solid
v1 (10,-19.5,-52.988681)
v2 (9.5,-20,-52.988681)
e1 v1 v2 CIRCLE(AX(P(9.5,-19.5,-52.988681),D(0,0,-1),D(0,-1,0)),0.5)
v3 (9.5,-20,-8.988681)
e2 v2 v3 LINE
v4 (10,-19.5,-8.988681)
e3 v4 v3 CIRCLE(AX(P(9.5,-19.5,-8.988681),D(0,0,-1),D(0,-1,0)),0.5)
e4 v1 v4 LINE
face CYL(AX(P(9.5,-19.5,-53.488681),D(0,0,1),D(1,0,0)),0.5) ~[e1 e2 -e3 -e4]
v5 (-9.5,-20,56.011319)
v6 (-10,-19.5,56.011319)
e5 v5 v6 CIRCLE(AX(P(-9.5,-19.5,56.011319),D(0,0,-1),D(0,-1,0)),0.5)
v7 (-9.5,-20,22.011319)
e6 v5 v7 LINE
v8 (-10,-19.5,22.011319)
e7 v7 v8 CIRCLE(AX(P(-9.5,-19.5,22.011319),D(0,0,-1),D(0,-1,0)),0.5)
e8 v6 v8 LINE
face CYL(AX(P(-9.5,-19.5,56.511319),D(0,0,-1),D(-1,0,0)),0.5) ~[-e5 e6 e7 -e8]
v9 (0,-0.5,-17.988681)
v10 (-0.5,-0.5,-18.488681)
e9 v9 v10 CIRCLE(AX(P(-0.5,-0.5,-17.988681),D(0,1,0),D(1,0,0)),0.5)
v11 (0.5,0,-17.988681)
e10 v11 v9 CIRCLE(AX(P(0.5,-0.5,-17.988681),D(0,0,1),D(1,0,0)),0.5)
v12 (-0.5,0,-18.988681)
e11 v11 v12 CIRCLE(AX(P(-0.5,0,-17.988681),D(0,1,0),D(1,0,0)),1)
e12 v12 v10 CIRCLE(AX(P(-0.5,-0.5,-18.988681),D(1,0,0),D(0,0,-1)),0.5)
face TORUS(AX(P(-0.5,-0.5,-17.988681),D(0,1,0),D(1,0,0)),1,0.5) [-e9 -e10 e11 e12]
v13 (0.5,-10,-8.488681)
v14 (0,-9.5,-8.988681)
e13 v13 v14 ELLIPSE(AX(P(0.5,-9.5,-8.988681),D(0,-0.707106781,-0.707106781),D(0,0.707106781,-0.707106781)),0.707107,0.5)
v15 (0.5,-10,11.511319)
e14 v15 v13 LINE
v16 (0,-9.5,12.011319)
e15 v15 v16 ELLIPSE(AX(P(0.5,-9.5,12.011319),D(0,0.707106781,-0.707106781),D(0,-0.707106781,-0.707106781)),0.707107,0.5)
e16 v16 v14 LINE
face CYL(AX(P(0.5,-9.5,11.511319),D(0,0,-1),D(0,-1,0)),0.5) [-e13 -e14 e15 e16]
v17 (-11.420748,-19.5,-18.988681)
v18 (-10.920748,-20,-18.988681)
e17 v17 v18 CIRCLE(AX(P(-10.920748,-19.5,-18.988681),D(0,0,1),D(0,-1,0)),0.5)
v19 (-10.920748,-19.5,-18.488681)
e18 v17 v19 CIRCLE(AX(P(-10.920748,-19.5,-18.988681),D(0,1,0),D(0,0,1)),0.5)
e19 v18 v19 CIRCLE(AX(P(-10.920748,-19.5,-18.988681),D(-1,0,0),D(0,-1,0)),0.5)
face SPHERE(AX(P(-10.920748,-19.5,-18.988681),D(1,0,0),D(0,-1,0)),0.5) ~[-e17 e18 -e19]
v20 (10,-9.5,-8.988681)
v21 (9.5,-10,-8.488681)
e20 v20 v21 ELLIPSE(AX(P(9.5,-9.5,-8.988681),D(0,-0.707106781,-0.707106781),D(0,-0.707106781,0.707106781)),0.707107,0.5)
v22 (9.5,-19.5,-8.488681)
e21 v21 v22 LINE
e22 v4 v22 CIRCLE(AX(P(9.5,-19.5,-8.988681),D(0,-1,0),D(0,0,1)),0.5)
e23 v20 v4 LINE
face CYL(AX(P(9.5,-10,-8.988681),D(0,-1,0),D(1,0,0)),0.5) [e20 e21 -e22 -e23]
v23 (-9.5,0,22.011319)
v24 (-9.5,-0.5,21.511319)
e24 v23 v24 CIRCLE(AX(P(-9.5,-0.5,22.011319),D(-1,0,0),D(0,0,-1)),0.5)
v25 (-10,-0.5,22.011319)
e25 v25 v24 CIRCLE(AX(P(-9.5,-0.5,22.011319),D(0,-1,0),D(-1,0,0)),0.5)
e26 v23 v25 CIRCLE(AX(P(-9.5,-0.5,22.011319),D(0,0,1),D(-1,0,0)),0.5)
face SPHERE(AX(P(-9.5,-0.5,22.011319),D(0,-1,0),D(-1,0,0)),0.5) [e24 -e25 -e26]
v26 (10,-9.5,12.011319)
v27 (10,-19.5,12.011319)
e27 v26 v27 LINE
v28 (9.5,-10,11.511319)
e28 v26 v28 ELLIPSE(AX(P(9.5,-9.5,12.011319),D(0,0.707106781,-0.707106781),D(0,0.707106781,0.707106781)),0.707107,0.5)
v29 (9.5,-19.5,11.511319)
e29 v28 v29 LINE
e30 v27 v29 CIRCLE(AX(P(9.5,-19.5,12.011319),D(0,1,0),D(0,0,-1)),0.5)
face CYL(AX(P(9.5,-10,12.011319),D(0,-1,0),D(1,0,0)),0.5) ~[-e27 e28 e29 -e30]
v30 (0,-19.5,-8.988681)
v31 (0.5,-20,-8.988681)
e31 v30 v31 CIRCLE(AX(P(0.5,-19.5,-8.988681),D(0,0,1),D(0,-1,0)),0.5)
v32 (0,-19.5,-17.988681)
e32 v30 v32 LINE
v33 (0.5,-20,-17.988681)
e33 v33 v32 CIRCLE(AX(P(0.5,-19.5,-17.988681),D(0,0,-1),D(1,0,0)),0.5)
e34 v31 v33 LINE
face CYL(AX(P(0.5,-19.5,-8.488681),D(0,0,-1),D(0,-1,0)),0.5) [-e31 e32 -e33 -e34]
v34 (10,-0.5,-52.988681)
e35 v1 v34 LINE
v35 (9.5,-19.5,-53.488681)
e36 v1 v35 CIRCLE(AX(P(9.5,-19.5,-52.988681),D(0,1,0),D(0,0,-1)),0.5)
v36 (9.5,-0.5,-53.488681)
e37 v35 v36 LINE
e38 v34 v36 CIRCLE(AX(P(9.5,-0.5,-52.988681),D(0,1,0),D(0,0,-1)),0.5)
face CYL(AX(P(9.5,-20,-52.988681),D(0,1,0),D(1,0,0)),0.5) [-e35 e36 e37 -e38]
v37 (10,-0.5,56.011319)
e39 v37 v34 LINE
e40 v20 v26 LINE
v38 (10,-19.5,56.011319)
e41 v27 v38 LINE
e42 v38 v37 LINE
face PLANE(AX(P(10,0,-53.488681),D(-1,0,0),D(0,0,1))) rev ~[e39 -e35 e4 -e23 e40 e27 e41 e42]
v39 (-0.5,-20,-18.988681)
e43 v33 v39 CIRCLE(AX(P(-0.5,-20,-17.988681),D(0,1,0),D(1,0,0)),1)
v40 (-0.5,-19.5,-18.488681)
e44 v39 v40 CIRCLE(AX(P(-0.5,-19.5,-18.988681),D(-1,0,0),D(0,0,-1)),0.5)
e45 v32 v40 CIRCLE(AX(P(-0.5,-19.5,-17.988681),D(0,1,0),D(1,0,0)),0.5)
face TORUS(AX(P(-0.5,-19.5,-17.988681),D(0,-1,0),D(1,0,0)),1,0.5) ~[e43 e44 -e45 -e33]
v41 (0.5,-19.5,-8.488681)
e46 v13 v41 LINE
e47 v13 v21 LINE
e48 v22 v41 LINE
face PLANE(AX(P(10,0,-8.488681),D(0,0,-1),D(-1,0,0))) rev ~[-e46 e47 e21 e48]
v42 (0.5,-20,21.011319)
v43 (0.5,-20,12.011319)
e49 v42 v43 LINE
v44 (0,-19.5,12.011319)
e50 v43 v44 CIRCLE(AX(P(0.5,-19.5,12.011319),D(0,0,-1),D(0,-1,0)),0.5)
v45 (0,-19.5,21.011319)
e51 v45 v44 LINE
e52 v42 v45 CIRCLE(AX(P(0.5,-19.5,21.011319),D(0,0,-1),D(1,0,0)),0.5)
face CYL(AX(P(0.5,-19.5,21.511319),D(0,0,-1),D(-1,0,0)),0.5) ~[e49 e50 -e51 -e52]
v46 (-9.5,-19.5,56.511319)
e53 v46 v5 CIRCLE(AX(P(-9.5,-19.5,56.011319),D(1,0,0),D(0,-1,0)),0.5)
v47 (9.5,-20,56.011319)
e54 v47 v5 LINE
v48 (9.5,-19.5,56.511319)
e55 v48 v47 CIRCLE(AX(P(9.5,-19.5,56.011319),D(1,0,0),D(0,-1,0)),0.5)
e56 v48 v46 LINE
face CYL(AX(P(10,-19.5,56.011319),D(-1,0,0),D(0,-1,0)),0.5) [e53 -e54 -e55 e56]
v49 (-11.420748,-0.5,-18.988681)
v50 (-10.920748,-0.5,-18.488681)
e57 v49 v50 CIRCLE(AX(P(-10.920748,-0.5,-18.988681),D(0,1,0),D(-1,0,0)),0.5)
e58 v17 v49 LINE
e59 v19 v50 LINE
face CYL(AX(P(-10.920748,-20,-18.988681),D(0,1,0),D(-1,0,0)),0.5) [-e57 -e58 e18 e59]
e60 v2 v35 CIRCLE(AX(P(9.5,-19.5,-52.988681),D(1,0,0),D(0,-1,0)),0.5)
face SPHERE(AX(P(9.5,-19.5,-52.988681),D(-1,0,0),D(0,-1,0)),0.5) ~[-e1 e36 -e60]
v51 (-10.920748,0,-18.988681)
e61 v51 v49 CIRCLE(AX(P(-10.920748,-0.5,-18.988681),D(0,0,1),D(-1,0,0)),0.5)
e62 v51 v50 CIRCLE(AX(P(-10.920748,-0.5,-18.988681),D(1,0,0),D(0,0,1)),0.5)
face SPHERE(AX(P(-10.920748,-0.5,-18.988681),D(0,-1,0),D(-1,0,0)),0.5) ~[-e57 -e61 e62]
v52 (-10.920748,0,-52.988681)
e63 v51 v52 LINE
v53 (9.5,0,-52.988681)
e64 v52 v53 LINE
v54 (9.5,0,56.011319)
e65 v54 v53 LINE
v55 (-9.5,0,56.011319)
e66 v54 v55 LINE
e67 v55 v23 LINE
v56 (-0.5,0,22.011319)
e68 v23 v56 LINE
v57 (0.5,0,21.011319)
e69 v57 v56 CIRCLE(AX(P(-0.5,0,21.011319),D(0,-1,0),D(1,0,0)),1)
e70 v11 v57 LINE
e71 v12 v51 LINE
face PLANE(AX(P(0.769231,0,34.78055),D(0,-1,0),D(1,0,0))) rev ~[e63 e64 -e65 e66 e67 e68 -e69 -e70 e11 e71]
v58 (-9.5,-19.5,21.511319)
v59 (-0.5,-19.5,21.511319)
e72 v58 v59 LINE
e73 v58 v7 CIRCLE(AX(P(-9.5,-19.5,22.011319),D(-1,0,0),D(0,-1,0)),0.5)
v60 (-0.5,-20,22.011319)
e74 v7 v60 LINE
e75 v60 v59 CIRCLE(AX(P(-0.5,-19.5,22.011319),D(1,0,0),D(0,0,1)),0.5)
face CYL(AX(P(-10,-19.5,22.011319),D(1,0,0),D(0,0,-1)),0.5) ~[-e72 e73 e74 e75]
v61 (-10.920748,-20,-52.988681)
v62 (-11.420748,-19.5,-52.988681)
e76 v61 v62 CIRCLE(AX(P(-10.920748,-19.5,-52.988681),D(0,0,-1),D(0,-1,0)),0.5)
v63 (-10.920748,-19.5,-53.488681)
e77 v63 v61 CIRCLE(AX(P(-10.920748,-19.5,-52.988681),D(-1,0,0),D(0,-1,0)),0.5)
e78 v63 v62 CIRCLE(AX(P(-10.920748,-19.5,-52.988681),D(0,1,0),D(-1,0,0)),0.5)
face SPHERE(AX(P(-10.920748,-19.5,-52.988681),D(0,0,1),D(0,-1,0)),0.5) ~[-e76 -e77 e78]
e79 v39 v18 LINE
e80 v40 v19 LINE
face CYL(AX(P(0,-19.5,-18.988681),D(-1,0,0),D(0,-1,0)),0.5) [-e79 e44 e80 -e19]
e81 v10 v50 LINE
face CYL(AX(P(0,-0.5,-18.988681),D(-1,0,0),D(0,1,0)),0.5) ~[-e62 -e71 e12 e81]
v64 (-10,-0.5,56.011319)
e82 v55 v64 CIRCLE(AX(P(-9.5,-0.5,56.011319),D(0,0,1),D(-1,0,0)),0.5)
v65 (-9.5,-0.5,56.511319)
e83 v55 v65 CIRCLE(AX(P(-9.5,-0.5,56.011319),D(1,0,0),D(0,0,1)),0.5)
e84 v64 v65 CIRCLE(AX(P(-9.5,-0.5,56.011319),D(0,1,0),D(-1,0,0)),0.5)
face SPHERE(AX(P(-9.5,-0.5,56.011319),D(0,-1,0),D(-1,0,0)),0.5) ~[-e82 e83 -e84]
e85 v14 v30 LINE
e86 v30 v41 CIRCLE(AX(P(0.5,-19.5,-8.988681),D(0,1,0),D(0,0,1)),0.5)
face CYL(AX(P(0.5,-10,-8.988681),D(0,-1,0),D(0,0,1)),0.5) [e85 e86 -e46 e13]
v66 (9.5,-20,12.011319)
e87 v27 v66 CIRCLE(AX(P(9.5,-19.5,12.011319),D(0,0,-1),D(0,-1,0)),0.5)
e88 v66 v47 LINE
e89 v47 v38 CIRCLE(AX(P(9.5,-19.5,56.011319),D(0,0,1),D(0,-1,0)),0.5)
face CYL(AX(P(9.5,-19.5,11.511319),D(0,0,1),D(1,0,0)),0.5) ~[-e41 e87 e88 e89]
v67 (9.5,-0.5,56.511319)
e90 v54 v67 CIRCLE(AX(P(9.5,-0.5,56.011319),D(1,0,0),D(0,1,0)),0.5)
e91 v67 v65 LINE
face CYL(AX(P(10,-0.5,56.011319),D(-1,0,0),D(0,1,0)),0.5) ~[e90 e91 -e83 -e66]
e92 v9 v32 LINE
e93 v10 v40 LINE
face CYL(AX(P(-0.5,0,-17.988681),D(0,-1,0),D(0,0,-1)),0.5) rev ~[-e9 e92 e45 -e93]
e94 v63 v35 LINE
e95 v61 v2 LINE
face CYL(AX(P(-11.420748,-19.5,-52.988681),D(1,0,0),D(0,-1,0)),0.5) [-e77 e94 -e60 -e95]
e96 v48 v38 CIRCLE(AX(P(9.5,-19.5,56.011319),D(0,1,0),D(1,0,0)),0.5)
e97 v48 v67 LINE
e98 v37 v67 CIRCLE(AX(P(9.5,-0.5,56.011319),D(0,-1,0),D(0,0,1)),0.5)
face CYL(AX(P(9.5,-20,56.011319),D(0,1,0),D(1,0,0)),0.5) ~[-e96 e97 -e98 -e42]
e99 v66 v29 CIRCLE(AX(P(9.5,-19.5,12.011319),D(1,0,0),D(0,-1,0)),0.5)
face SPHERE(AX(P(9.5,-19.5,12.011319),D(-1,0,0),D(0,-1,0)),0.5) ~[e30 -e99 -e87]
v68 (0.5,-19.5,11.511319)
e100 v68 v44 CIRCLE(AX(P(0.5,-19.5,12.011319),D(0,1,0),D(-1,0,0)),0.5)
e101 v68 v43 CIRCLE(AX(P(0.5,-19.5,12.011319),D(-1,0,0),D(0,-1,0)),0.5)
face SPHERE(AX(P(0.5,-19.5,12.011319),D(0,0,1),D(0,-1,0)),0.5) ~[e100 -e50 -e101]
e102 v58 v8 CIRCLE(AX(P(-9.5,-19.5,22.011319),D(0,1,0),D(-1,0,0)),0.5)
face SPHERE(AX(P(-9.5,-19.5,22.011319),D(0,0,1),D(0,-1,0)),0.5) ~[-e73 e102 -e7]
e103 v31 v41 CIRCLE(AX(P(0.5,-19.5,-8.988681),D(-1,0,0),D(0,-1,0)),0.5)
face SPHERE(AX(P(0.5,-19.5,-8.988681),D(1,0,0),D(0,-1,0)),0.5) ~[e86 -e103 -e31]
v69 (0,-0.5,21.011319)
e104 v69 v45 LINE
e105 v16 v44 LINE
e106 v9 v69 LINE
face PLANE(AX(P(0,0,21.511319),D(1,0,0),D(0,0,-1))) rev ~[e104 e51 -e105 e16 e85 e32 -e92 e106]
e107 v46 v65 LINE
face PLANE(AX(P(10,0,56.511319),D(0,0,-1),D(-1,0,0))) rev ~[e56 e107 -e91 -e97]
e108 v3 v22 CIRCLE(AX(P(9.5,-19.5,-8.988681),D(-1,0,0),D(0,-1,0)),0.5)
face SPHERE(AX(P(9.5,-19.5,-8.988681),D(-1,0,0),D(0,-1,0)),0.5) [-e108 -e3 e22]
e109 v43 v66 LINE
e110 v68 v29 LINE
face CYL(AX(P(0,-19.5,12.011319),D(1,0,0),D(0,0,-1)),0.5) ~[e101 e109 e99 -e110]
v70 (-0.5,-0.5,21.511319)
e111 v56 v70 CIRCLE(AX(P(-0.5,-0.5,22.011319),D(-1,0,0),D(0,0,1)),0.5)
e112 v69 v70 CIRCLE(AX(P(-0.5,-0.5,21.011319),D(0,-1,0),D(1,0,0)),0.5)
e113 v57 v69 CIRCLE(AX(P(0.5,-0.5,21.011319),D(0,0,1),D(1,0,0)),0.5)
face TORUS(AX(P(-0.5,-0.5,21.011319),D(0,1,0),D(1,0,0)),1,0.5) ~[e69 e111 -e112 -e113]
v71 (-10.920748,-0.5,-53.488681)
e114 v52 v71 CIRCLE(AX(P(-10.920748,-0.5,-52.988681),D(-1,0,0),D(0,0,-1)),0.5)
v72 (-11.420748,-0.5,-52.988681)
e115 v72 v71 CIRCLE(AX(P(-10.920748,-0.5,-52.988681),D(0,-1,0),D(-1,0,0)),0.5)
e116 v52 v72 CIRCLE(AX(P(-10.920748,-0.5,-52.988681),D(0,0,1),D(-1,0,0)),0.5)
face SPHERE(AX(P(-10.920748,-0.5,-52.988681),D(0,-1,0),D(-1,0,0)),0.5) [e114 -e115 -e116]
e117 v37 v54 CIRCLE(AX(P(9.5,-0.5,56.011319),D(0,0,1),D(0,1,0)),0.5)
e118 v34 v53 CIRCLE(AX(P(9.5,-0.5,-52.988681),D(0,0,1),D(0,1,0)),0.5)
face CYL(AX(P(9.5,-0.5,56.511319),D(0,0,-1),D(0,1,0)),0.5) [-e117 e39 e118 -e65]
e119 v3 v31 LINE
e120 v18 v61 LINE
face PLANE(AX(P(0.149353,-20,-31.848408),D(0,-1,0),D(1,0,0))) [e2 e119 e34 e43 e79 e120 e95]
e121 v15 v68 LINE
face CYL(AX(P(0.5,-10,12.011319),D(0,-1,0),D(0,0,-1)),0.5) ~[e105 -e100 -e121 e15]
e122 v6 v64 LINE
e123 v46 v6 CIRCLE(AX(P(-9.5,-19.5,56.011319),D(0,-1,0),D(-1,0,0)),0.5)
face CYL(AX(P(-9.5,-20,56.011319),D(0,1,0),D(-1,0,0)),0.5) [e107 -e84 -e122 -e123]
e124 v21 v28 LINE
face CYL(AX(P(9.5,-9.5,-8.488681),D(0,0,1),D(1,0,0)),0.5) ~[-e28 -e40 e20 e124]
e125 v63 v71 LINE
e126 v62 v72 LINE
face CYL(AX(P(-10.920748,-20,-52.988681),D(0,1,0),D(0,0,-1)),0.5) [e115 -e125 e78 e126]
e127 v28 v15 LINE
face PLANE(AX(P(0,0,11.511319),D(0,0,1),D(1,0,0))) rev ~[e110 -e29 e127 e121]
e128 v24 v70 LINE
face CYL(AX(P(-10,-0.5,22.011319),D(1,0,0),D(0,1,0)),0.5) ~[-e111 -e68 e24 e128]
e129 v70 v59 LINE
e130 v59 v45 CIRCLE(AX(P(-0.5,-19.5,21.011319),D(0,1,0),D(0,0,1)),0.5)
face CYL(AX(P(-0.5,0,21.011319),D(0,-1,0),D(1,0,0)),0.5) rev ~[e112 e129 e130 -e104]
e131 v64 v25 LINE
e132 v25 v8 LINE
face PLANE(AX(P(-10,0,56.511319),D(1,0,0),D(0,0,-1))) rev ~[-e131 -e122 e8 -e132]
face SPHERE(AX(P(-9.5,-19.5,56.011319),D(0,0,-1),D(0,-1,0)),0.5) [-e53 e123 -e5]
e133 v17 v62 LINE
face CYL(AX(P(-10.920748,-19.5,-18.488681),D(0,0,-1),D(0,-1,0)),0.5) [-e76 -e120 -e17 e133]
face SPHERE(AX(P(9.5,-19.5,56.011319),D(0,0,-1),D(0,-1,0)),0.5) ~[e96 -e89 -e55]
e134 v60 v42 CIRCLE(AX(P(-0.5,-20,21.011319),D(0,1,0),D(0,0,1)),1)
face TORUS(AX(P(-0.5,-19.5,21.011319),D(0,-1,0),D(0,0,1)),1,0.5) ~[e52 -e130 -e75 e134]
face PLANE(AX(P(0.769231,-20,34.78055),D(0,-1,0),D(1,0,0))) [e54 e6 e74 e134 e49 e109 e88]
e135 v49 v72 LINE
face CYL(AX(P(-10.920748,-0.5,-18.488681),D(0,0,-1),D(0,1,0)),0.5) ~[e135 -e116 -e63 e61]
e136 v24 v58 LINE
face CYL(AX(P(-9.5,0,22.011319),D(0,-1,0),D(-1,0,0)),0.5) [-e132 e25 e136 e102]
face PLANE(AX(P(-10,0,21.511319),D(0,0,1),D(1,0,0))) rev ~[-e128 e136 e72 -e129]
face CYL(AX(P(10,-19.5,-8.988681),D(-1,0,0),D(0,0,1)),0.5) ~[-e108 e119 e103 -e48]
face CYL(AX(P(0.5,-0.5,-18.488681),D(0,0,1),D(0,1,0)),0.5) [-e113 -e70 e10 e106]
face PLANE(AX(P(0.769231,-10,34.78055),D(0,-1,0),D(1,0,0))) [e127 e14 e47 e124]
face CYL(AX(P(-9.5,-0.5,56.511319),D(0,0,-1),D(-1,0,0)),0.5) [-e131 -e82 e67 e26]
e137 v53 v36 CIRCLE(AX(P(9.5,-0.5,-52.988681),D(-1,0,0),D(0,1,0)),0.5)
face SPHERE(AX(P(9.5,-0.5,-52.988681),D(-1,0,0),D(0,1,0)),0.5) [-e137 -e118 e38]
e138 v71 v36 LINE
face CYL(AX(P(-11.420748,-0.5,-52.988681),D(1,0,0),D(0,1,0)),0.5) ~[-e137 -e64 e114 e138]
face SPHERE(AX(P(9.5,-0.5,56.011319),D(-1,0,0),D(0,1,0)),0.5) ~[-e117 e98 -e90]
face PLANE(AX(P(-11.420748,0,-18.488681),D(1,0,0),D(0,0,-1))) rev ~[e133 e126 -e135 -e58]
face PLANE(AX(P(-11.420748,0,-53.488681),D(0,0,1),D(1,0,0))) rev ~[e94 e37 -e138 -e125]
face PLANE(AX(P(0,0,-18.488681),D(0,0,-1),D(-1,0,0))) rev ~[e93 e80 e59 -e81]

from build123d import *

# Parameters (mm, degrees)
F0_W     = 10
F0_H     = 20
F1_DEPTH = 10
F2_DEPTH = 20
F3_R     = 0.5


with BuildPart() as f1:
    # F0 (on Front) → F1 (new body)
    with BuildSketch(Plane.XZ):
        Polygon((-10, 56.511319), (-10, 21.511319), (0, 21.511319), (0, 11.511319), (10, 11.511319), (10, 56.511319), align=None)
        Polygon((10, -8.488681), (0, -8.488681), (0, -18.488681), (-11.420748, -18.488681), (-11.420748, -53.488681), (10, -53.488681), align=None)
        with Locations((5, 1.511319)):
            Rectangle(F0_W, F0_H)
    extrude(amount=F1_DEPTH)

    # F0 (on Front) → F2 (join)
    with BuildSketch(Plane.XZ):
        Polygon((-10, 56.511319), (-10, 21.511319), (0, 21.511319), (0, 11.511319), (10, 11.511319), (10, 56.511319), align=None)
        Polygon((10, -8.488681), (0, -8.488681), (0, -18.488681), (-11.420748, -18.488681), (-11.420748, -53.488681), (10, -53.488681), align=None)
    extrude(amount=F2_DEPTH)

    # F3
    f3_edges = [f1.edges().sort_by_distance(p)[0] for p in [
        (-10, -20, 39.011319),
        (-5, -20, 21.511319),
        (0, -20, 16.511319),
        (5, -20, 11.511319),
        (10, -20, 34.011319),
        (0, -20, 56.511319),
        (5, -20, -8.488681),
        (0, -20, -13.488681),
        (-5.710374, -20, -18.488681),
        (-11.420748, -20, -35.988681),
        (-0.710374, -20, -53.488681),
        (10, -20, -30.988681),
        (-10, -10, 56.511319),
        (-10, -10, 21.511319),
        (-10, 0, 39.011319),
        (-11.420748, -10, -18.488681),
        (-11.420748, -10, -53.488681),
        (-11.420748, 0, -35.988681),
        (0, -10, 21.511319),
        (0, -15, 11.511319),
        (0, -10, 1.511319),
        (0, -15, -8.488681),
        (0, -10, -18.488681),
        (0, 0, 1.511319),
        (0, 0, 56.511319),
        (-5, 0, 21.511319),
        (-5.710374, 0, -18.488681),
        (-0.710374, 0, -53.488681),
        (10, 0, 1.511319),
        (10, -10, -53.488681),
        (10, -15, -8.488681),
        (10, -10, 1.511319),
        (10, -15, 11.511319),
        (10, -10, 56.511319),
    ]]
    fillet(f3_edges, radius=F3_R)


solid = f1.part
